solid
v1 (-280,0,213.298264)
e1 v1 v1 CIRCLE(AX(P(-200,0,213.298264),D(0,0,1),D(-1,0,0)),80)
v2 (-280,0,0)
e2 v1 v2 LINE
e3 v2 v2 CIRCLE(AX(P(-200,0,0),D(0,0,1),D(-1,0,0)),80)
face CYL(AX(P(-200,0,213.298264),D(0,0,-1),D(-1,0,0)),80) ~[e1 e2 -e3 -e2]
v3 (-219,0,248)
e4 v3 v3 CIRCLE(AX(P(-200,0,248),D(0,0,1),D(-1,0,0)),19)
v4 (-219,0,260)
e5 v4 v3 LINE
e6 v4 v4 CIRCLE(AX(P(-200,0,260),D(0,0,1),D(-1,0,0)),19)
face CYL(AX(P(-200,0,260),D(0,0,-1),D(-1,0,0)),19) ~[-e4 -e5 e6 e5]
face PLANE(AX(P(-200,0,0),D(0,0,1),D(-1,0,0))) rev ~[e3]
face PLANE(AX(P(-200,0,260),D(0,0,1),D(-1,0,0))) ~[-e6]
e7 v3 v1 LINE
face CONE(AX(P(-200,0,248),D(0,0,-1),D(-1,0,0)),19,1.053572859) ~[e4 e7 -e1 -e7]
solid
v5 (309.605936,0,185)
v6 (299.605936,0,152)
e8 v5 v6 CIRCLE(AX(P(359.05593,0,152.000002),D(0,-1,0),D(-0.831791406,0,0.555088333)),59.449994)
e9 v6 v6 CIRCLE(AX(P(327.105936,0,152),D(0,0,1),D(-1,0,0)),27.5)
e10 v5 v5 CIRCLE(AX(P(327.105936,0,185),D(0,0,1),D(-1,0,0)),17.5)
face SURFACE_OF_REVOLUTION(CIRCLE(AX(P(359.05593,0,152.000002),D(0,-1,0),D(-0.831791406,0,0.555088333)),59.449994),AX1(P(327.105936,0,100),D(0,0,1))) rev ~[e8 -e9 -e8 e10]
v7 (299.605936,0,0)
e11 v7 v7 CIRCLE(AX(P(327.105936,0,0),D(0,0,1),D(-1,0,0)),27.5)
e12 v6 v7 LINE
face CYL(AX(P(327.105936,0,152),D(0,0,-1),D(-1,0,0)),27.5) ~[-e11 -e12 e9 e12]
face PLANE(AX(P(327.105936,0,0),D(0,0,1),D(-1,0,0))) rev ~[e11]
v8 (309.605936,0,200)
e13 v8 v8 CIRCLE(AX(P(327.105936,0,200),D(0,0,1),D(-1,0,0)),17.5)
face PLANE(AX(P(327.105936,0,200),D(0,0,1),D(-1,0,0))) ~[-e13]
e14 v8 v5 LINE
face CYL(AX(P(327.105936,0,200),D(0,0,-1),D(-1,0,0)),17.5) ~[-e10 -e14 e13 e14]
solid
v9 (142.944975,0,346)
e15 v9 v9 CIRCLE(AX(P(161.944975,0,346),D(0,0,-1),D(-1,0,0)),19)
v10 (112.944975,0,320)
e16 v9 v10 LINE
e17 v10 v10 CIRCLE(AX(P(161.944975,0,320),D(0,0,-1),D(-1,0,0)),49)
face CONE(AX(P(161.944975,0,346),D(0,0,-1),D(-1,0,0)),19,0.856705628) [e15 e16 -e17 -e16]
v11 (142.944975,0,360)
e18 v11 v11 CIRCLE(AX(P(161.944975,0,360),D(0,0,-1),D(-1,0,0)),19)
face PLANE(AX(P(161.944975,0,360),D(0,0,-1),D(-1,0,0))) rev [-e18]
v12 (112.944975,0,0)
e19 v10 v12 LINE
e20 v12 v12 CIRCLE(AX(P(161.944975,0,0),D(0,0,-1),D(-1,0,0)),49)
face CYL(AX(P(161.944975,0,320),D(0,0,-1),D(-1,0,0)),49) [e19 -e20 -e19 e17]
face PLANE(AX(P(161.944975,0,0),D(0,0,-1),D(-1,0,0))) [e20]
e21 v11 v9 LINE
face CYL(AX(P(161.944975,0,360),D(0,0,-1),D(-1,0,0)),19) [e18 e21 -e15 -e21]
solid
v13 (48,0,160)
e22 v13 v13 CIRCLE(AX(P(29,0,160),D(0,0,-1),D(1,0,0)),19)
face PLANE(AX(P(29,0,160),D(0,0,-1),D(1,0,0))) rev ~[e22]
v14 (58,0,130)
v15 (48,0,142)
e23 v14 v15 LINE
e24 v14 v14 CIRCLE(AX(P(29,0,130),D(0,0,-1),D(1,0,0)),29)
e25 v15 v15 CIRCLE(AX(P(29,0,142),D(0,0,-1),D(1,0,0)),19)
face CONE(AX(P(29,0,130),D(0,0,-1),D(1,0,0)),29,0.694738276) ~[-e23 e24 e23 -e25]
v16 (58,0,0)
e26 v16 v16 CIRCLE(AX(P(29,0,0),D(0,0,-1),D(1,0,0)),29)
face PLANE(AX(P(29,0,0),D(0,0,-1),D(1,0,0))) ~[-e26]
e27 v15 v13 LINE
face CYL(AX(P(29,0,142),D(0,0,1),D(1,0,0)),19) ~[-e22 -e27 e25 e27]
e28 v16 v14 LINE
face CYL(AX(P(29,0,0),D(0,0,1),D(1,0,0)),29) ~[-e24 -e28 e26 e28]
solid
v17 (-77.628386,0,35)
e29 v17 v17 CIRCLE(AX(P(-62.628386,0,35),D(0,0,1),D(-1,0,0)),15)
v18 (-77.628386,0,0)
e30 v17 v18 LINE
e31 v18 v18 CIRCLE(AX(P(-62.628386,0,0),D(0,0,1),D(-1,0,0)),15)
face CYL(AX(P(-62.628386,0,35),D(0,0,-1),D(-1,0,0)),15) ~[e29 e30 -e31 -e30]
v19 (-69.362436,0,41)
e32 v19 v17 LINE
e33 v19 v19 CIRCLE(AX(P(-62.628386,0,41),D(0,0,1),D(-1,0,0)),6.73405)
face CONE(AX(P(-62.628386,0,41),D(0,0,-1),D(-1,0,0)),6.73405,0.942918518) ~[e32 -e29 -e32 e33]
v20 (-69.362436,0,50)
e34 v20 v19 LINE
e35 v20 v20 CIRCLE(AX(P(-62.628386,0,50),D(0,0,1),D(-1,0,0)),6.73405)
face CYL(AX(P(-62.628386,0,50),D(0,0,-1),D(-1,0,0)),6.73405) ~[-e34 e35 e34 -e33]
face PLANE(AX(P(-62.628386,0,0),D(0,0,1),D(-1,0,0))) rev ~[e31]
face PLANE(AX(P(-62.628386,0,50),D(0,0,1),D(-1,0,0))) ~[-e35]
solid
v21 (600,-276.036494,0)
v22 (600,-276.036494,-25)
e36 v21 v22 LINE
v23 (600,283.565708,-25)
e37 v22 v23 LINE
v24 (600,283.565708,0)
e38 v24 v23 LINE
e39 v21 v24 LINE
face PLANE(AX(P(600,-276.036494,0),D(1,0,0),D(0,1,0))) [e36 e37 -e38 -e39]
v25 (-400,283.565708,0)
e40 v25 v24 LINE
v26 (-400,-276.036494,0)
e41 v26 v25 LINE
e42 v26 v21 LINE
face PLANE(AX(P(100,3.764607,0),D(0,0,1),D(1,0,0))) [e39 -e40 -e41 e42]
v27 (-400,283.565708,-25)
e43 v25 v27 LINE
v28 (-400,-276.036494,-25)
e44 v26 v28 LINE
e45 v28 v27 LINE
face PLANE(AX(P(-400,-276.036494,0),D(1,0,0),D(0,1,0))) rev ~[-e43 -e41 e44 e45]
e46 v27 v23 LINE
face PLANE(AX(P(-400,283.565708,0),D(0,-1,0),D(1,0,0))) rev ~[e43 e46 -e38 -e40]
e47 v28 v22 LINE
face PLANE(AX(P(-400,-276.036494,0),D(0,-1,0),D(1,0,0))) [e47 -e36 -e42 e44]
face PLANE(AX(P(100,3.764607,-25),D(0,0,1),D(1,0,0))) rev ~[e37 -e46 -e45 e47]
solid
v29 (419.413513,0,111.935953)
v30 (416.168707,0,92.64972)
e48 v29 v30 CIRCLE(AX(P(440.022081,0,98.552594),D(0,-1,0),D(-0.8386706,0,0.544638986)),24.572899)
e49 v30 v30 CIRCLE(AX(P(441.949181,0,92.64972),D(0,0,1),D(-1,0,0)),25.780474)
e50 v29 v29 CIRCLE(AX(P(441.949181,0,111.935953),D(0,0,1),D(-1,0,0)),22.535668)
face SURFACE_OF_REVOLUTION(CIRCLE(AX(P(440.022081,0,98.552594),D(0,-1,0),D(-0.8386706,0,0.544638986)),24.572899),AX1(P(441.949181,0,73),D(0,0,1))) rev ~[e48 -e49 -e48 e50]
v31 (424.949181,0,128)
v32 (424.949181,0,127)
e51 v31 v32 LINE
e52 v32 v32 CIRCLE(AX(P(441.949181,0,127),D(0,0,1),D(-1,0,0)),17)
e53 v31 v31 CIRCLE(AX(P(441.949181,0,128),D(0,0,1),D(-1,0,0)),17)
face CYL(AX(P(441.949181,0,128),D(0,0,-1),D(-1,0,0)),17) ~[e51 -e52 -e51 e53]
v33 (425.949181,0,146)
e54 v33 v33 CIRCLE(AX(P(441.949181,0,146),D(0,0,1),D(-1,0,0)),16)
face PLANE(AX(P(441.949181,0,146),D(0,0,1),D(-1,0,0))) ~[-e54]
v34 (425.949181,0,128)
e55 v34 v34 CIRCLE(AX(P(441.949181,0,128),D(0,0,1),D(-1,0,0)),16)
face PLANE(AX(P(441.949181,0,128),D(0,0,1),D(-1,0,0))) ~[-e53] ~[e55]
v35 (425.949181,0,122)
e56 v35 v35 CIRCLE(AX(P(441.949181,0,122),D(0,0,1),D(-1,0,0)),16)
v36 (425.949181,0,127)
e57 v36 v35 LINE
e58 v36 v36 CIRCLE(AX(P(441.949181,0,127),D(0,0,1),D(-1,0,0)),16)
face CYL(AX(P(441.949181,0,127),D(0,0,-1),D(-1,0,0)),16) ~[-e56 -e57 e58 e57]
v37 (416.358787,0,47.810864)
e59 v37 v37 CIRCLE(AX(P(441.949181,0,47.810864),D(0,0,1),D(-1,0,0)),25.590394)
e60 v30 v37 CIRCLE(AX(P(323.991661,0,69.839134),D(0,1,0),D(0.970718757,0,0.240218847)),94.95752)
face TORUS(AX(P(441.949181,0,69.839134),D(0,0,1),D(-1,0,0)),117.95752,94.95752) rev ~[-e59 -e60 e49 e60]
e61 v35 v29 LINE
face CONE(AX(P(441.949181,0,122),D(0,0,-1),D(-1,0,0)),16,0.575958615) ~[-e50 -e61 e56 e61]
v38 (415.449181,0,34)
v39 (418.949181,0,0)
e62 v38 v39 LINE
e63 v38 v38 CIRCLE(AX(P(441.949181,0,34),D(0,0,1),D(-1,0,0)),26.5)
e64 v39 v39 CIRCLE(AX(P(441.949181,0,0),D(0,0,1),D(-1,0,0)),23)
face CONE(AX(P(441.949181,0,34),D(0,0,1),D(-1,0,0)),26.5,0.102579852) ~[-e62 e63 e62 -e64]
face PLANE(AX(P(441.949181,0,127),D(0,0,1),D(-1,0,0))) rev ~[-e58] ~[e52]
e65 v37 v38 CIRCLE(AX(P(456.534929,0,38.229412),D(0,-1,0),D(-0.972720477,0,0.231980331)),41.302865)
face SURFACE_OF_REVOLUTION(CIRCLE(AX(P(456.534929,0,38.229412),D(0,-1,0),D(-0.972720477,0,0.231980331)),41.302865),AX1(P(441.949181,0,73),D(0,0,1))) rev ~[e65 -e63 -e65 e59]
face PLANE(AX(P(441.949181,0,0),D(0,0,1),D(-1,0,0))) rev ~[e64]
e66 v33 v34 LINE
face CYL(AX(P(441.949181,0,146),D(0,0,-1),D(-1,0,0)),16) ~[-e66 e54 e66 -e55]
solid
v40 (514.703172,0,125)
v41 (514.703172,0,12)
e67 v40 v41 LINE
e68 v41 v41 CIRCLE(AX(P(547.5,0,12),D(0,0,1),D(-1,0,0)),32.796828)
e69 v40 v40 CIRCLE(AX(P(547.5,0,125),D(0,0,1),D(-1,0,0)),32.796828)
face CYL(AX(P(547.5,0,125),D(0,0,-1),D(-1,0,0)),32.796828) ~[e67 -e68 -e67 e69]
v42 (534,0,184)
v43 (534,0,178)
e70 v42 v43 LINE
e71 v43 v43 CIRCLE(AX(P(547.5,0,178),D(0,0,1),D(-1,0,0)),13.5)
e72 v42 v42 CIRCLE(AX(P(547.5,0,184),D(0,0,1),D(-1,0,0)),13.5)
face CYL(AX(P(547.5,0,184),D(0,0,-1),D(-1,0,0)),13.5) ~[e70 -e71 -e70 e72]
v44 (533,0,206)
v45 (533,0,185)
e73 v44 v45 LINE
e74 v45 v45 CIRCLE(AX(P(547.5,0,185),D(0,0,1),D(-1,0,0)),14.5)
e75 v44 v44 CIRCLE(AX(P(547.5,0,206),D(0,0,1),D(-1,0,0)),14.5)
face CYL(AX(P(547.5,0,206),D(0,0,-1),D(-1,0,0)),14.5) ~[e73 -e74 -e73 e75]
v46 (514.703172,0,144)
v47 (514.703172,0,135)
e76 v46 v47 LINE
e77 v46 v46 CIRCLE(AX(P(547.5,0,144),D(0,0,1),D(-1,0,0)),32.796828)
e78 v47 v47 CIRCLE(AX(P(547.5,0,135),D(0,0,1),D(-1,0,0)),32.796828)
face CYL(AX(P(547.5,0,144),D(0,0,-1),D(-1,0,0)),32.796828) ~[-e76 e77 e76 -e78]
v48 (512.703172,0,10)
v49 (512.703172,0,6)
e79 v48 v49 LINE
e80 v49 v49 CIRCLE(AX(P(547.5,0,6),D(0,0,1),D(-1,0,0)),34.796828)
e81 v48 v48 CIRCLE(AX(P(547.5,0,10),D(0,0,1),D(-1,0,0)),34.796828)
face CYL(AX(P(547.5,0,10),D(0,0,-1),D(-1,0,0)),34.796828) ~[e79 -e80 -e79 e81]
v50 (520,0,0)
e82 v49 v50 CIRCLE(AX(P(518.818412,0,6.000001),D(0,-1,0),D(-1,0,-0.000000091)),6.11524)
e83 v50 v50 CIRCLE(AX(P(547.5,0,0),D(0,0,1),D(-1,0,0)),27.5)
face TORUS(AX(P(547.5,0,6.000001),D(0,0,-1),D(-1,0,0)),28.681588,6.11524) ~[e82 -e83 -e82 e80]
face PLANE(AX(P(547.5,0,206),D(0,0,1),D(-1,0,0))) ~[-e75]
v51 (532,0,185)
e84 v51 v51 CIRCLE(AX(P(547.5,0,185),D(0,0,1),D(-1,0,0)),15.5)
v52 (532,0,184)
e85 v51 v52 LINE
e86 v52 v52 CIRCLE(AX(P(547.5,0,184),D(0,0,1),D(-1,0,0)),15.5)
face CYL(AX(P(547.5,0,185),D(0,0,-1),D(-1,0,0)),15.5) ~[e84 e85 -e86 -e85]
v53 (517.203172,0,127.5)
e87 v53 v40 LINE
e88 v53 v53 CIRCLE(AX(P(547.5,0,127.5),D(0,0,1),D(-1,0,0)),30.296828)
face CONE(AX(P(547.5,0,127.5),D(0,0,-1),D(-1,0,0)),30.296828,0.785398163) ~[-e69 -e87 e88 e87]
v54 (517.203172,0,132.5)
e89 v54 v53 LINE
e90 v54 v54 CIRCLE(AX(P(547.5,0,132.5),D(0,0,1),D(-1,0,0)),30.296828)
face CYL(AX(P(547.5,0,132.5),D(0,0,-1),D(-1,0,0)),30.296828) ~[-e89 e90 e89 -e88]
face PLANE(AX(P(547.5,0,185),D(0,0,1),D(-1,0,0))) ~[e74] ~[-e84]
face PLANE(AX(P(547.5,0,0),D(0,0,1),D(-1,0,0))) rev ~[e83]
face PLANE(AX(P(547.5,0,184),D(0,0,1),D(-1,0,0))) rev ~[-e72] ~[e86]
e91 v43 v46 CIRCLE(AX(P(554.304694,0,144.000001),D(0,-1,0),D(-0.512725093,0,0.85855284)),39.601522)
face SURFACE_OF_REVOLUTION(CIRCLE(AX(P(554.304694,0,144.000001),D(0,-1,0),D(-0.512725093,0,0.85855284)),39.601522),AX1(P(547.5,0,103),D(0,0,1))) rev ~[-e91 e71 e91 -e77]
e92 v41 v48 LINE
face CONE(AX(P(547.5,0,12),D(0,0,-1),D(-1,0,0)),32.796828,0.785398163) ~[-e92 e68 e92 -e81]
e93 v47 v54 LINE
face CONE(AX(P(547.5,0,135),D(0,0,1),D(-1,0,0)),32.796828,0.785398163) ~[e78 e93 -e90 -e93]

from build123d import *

# Parameters (mm, degrees)
F10_W     = 1000
F10_H     = 559.602202
F15_DEPTH = 25


with BuildPart() as f1:
    # F0 (on Front) → F1 (revolve)
    with BuildSketch(Plane.XZ):
        Polygon((48, 160), (29, 160), (29, 0), (58, 0), (58, 130), (48, 142), align=None)
    revolve(axis=Axis((29, 0, 80), (0, 0, -1)))


with BuildPart() as f3:
    # F2 (on Front) → F3 (revolve)
    with BuildSketch(Plane.XZ):
        Polygon((161.944975, 0), (161.944975, 360), (142.944975, 360), (142.944975, 346), (112.944975, 320), (112.944975, 0), align=None)
    revolve(axis=Axis((161.944975, 0, 180), (0, 0, -1)))


with BuildPart() as f5:
    # F4 (on Front) → F5 (revolve)
    with BuildSketch(Plane.XZ):
        Polygon((-280, 213.298264), (-280, 0), (-200, 0), (-200, 260), (-219, 260), (-219, 248), align=None)
    revolve(axis=Axis((-200, 0, 130), (0, 0, 1)))


with BuildPart() as f7:
    # F6 (on Front) → F7 (revolve)
    with BuildSketch(Plane.XZ):
        Polygon((-77.628386, 0), (-62.628386, 0), (-62.628386, 50), (-69.362436, 50), (-69.362436, 41), (-77.628386, 35), align=None)
    revolve(axis=Axis((-62.628386, 0, 25), (0, 0, 1)))


with BuildPart() as f9:
    # F8 (on Front) → F9 (revolve)
    with BuildSketch(Plane.XZ):
        with BuildLine():
            Line((299.605936, 152), (299.605936, 0))
            Line((299.605936, 0), (327.105936, 0))
            Line((327.105936, 0), (327.105936, 200))
            Line((327.105936, 200), (309.605936, 200))
            Line((309.605936, 200), (309.605936, 185))
            ThreePointArc((309.605936, 185), (302.160835, 169.24094), (299.605936, 152))
        make_face()
    revolve(axis=Axis((327.105936, 0, 100), (0, 0, 1)))


with BuildPart() as f12:
    # F11 (on Front) → F12 (revolve)
    with BuildSketch(Plane.XZ):
        with BuildLine():
            Line((415.449181, 34), (418.949181, 0))
            Line((418.949181, 0), (441.949181, 0))
            Line((441.949181, 0), (441.949181, 146))
            Line((441.949181, 146), (425.949181, 146))
            Line((425.949181, 146), (425.949181, 128))
            Line((425.949181, 128), (424.949181, 128))
            Line((424.949181, 128), (424.949181, 127))
            Line((424.949181, 127), (425.949181, 127))
            Line((425.949181, 127), (425.949181, 122))
            Line((425.949181, 122), (419.413513, 111.935953))
            ThreePointArc((419.413513, 111.935953), (415.789752, 102.629554), (416.168707, 92.64972))
            ThreePointArc((416.168707, 92.64972), (418.948328, 70.241672), (416.358787, 47.810864))
            ThreePointArc((416.358787, 47.810864), (415.321355, 40.943805), (415.449181, 34))
        make_face()
    revolve(axis=Axis((441.949181, 0, 73), (0, 0, 1)))


with BuildPart() as f14:
    # F13 (on Front) → F14 (revolve)
    with BuildSketch(Plane.XZ):
        with BuildLine():
            ThreePointArc((512.703172, 6), (514.934441, 1.276556), (520, 0))
            Line((520, 0), (547.5, 0))
            Line((547.5, 0), (547.5, 206))
            Line((547.5, 206), (533, 206))
            Line((533, 206), (533, 185))
            Line((533, 185), (532, 185))
            Line((532, 185), (532, 184))
            Line((532, 184), (534, 184))
            Line((534, 184), (534, 178))
            ThreePointArc((534, 178), (519.863604, 163.547171), (514.703172, 144))
            Line((514.703172, 144), (514.703172, 135))
            Line((514.703172, 135), (517.203172, 132.5))
            Line((517.203172, 132.5), (517.203172, 127.5))
            Line((517.203172, 127.5), (514.703172, 125))
            Line((514.703172, 125), (514.703172, 12))
            Line((514.703172, 12), (512.703172, 10))
            Line((512.703172, 10), (512.703172, 6))
        make_face()
    revolve(axis=Axis((547.5, 0, 103), (0, 0, 1)))


with BuildPart() as f15:
    # F10 (on Top) → F15 (new body)
    with BuildSketch(Plane.XY):
        with Locations((100, 3.764607)):
            Rectangle(F10_W, F10_H)
    extrude(amount=-F15_DEPTH)


solid = Compound([f1.part, f3.part, f5.part, f7.part, f9.part, f12.part, f14.part, f15.part])
